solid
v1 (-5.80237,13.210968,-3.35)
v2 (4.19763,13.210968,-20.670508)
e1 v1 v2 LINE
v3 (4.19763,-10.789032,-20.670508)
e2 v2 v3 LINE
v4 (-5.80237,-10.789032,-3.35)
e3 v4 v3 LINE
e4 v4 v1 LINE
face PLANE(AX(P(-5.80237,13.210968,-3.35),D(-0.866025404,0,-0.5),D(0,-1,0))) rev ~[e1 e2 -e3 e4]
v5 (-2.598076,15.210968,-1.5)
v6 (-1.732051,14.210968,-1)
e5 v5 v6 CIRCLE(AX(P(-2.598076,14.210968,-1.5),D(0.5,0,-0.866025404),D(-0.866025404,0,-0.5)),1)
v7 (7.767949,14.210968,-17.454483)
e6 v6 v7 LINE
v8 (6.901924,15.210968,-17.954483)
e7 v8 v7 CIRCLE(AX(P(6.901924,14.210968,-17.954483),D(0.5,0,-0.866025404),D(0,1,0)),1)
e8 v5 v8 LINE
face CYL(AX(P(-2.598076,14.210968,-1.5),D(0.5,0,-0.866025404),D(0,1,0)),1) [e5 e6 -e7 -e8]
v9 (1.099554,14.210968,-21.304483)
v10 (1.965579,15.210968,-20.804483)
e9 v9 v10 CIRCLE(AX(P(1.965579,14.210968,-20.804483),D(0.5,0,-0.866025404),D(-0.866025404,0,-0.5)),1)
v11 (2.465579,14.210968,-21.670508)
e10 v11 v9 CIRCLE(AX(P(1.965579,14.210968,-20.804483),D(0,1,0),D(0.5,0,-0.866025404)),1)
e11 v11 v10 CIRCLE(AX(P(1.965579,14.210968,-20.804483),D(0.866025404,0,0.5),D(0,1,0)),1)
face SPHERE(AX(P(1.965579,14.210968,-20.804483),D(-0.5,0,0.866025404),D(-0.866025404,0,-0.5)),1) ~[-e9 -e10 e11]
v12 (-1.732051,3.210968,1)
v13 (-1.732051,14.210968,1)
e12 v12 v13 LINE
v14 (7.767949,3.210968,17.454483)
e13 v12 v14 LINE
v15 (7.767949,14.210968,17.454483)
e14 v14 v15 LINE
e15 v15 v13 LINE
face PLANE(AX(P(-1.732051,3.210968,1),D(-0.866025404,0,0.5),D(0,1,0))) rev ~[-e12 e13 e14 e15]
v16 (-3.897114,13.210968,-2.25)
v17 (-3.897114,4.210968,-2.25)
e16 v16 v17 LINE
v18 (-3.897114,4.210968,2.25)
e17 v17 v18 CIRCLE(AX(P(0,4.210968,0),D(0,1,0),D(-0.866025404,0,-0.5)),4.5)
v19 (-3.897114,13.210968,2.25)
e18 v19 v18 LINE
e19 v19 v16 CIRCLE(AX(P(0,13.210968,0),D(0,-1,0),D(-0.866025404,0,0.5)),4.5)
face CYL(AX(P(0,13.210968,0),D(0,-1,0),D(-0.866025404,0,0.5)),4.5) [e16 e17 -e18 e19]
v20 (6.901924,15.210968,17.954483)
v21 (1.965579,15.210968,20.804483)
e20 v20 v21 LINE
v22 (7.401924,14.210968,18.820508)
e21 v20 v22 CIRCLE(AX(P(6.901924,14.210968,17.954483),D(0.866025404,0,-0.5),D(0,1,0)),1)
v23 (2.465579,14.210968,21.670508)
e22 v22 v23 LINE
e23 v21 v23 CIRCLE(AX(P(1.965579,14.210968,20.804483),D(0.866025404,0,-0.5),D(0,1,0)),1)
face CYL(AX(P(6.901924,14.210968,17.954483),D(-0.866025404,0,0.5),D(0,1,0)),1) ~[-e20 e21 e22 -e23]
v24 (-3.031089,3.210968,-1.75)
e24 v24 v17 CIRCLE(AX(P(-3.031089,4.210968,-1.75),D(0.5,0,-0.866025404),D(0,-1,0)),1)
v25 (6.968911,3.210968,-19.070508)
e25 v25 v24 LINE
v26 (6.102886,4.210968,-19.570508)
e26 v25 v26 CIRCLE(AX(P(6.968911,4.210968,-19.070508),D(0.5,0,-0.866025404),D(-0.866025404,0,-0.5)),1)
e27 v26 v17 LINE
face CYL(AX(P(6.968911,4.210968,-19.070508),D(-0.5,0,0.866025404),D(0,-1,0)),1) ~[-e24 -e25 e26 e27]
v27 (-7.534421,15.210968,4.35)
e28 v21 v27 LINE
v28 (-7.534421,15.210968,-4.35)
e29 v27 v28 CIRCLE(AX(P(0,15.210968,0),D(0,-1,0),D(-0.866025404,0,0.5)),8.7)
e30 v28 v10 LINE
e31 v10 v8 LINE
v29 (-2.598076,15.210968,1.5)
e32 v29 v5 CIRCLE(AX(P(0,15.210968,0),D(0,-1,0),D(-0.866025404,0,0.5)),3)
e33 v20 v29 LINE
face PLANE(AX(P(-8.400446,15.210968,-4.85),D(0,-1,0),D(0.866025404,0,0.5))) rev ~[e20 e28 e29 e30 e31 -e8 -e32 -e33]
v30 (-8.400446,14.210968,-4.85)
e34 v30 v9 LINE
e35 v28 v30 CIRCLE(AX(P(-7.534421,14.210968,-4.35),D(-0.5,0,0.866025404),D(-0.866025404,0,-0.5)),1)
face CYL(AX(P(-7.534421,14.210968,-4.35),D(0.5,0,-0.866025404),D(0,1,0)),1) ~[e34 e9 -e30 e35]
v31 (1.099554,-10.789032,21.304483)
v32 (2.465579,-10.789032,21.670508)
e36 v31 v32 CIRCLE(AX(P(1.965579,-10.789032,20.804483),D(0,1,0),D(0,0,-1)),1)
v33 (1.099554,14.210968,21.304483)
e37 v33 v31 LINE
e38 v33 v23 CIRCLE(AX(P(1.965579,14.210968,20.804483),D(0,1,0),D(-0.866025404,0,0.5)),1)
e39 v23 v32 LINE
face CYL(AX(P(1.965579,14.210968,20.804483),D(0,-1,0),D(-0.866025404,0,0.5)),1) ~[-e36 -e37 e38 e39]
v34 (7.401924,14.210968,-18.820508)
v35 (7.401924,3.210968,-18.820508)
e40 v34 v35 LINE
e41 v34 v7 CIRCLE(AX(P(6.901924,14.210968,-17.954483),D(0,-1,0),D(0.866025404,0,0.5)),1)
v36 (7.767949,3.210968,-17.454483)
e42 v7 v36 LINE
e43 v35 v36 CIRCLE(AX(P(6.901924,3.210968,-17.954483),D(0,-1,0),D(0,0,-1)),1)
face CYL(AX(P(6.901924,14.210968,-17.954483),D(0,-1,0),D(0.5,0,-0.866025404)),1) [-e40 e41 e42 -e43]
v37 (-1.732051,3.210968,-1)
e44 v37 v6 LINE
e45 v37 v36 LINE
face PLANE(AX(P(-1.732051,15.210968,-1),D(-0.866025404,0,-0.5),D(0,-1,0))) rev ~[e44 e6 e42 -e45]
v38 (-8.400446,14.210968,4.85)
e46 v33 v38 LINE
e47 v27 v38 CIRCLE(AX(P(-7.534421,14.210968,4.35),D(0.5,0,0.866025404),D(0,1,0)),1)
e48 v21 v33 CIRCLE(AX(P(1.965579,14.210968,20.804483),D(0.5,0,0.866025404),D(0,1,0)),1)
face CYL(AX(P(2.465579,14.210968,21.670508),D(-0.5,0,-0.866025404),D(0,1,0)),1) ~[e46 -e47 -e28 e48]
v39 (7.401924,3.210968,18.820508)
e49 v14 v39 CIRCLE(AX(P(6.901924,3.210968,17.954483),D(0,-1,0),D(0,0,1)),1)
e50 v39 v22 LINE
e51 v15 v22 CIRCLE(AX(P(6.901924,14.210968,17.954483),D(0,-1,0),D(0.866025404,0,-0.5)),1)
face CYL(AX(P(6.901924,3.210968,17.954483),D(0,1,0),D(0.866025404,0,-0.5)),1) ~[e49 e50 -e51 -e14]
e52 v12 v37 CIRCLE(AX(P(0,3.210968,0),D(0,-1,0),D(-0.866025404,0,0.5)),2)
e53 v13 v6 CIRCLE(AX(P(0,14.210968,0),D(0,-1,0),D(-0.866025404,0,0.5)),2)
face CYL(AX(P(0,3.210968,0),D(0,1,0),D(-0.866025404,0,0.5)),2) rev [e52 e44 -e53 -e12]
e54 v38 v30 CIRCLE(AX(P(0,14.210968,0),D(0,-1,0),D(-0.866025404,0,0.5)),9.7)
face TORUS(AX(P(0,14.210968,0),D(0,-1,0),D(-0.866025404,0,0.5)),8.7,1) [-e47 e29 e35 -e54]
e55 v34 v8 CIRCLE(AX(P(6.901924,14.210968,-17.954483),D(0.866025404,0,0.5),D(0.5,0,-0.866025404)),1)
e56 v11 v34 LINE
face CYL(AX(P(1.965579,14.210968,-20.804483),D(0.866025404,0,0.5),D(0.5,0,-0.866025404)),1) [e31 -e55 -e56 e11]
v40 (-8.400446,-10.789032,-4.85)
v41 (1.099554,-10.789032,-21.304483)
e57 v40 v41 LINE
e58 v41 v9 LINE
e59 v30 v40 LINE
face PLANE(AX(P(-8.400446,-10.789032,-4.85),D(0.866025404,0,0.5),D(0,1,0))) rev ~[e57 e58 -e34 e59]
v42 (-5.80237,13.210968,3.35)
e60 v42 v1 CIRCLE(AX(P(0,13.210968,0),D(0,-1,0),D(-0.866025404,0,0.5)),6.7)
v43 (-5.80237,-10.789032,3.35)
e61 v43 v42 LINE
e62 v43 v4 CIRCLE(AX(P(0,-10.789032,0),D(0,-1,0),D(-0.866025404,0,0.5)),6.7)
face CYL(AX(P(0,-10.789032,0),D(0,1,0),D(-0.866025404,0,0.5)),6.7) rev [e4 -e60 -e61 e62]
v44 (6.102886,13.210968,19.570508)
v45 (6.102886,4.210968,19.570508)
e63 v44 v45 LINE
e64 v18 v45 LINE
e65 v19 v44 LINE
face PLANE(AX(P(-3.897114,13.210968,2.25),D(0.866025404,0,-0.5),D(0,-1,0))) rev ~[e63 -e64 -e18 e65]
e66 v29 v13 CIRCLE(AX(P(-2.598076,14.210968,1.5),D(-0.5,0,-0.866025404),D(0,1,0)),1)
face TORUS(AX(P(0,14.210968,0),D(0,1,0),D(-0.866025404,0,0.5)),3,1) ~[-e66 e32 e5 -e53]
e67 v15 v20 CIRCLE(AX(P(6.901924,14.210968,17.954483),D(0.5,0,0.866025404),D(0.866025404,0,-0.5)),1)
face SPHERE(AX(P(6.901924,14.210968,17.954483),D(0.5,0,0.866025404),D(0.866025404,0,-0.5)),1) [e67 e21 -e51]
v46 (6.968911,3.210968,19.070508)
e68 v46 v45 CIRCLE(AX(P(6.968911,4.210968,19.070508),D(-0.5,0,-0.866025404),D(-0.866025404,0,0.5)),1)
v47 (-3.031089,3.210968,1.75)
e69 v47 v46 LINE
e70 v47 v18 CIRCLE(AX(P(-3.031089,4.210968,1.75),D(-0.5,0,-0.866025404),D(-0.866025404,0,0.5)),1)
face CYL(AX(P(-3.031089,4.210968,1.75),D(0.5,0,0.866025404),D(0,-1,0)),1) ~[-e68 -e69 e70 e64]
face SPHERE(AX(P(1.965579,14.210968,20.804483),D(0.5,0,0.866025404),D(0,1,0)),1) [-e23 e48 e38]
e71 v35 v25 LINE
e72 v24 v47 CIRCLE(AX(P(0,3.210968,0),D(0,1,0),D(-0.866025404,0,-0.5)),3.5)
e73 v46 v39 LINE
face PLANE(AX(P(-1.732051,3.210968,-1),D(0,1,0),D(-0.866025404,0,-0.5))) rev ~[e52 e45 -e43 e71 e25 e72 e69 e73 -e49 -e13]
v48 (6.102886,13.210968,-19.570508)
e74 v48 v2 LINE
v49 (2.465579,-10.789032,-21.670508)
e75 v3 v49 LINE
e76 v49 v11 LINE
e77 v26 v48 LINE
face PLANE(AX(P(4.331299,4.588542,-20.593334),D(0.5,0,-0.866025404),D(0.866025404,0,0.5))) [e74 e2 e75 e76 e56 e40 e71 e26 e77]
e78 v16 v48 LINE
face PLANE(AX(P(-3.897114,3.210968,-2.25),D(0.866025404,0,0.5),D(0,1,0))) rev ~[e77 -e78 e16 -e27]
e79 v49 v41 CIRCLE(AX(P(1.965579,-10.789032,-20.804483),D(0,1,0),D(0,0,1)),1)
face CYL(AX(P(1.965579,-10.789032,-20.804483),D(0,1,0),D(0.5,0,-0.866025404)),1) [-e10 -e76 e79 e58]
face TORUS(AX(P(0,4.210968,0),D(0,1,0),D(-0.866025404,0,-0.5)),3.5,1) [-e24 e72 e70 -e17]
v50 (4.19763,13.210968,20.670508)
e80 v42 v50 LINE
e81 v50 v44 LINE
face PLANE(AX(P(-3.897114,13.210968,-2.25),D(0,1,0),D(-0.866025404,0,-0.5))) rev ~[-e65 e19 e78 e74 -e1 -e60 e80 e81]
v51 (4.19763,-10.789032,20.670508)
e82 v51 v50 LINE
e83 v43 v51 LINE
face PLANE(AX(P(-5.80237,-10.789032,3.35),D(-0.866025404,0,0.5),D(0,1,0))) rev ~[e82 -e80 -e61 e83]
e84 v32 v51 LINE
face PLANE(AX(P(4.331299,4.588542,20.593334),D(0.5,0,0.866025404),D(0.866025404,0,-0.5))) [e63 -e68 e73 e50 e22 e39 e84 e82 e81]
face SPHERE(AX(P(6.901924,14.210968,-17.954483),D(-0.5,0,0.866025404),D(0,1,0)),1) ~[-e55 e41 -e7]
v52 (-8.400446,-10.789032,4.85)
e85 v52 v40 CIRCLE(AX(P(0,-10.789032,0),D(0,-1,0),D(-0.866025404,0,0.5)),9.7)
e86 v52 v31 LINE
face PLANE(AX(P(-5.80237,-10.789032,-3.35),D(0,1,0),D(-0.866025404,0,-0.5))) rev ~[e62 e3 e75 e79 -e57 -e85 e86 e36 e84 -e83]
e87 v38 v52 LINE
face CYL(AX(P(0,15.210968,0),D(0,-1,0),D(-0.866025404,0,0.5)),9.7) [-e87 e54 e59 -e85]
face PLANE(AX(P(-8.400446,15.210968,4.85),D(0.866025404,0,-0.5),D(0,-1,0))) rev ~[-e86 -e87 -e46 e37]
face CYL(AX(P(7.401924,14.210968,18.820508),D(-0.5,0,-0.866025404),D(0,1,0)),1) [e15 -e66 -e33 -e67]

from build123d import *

# Parameters (mm, degrees)
F1_ANGLE_BACK = 30
F1_ANGLE      = 60
F3_DEPTH      = 20
F5_DEPTH      = 20
F6_R          = 1
F7_R          = 1
F8_R          = 1
F9_R          = 1


with BuildPart() as f1:
    # F0 (on Top) → F1 (revolve)
    with BuildSketch(Plane.XY, mode=Mode.PRIVATE) as f1_sk:
        Polygon((-6.7, 15.2109679412), (-9.7, 15.2109679412), (-9.7, -10.7890320588), (-6.7, -10.7890320588), (-6.7, 13.2109679412), (-4.5, 13.2109679412), (-4.5, 3.2109679412), (-2, 3.2109679412), (-2, 13.2109679412), (-2, 15.2109679412), align=None)
    revolve(f1_sk.sketch.rotate(Axis((0, 4.1356552392, 0), (0, -1, 0)), -F1_ANGLE_BACK), axis=Axis((0, 4.1356552392, 0), (0, -1, 0)), revolution_arc=F1_ANGLE)

    # F2 (on face) → F3 (join)
    with BuildSketch(Plane(origin=(0, 0, 0), x_dir=(0.8660254038, 0, -0.5), z_dir=(0.5, 0, 0.8660254038))):
        Polygon((-2, 15.2109679412), (-9.7, 15.2109679412), (-9.7, -10.7890320588), (-6.7, -10.7890320588), (-6.7, 13.2109679412), (-4.5, 13.2109679412), (-4.5, 3.2109679412), (-2, 3.2109679412), align=None)
    extrude(amount=F3_DEPTH)

    # F4 (on face) → F5 (join)
    with BuildSketch(Plane(origin=(0, 0, 0), x_dir=(0.8660254038, 0, 0.5), z_dir=(0.5, 0, -0.8660254038))):
        Polygon((-2, -15.2109679412), (-2, -3.2109679412), (-4.5, -3.2109679412), (-4.5, -13.2109679412), (-6.7, -13.2109679412), (-6.7, 10.7890320588), (-9.7, 10.7890320588), (-9.7, -15.2109679412), align=None)
    extrude(amount=F5_DEPTH)

    # F6
    f6_edges = [f1.edges().sort_by_distance(p)[0] for p in [
        (1.102886, 3.210968, 10.910254),
        (-3.400446, 15.210968, -13.510254),
    ]]
    fillet(f6_edges, radius=F6_R)

    # F7
    f7_edges = [f1.edges().sort_by_distance(p)[0] for p in [
        (3.267949, 15.210968, -9.660254),
    ]]
    fillet(f7_edges, radius=F7_R)

    # F8
    f8_edges = [f1.edges().sort_by_distance(p)[0] for p in [
        (4.933751, 15.210968, 20.245508),
    ]]
    fillet(f8_edges, radius=F8_R)

    # F9
    f9_edges = [f1.edges().sort_by_distance(p)[0] for p in [
        (1.599554, 1.710968, -22.170508),
    ]]
    fillet(f9_edges, radius=F9_R)


solid = f1.part
